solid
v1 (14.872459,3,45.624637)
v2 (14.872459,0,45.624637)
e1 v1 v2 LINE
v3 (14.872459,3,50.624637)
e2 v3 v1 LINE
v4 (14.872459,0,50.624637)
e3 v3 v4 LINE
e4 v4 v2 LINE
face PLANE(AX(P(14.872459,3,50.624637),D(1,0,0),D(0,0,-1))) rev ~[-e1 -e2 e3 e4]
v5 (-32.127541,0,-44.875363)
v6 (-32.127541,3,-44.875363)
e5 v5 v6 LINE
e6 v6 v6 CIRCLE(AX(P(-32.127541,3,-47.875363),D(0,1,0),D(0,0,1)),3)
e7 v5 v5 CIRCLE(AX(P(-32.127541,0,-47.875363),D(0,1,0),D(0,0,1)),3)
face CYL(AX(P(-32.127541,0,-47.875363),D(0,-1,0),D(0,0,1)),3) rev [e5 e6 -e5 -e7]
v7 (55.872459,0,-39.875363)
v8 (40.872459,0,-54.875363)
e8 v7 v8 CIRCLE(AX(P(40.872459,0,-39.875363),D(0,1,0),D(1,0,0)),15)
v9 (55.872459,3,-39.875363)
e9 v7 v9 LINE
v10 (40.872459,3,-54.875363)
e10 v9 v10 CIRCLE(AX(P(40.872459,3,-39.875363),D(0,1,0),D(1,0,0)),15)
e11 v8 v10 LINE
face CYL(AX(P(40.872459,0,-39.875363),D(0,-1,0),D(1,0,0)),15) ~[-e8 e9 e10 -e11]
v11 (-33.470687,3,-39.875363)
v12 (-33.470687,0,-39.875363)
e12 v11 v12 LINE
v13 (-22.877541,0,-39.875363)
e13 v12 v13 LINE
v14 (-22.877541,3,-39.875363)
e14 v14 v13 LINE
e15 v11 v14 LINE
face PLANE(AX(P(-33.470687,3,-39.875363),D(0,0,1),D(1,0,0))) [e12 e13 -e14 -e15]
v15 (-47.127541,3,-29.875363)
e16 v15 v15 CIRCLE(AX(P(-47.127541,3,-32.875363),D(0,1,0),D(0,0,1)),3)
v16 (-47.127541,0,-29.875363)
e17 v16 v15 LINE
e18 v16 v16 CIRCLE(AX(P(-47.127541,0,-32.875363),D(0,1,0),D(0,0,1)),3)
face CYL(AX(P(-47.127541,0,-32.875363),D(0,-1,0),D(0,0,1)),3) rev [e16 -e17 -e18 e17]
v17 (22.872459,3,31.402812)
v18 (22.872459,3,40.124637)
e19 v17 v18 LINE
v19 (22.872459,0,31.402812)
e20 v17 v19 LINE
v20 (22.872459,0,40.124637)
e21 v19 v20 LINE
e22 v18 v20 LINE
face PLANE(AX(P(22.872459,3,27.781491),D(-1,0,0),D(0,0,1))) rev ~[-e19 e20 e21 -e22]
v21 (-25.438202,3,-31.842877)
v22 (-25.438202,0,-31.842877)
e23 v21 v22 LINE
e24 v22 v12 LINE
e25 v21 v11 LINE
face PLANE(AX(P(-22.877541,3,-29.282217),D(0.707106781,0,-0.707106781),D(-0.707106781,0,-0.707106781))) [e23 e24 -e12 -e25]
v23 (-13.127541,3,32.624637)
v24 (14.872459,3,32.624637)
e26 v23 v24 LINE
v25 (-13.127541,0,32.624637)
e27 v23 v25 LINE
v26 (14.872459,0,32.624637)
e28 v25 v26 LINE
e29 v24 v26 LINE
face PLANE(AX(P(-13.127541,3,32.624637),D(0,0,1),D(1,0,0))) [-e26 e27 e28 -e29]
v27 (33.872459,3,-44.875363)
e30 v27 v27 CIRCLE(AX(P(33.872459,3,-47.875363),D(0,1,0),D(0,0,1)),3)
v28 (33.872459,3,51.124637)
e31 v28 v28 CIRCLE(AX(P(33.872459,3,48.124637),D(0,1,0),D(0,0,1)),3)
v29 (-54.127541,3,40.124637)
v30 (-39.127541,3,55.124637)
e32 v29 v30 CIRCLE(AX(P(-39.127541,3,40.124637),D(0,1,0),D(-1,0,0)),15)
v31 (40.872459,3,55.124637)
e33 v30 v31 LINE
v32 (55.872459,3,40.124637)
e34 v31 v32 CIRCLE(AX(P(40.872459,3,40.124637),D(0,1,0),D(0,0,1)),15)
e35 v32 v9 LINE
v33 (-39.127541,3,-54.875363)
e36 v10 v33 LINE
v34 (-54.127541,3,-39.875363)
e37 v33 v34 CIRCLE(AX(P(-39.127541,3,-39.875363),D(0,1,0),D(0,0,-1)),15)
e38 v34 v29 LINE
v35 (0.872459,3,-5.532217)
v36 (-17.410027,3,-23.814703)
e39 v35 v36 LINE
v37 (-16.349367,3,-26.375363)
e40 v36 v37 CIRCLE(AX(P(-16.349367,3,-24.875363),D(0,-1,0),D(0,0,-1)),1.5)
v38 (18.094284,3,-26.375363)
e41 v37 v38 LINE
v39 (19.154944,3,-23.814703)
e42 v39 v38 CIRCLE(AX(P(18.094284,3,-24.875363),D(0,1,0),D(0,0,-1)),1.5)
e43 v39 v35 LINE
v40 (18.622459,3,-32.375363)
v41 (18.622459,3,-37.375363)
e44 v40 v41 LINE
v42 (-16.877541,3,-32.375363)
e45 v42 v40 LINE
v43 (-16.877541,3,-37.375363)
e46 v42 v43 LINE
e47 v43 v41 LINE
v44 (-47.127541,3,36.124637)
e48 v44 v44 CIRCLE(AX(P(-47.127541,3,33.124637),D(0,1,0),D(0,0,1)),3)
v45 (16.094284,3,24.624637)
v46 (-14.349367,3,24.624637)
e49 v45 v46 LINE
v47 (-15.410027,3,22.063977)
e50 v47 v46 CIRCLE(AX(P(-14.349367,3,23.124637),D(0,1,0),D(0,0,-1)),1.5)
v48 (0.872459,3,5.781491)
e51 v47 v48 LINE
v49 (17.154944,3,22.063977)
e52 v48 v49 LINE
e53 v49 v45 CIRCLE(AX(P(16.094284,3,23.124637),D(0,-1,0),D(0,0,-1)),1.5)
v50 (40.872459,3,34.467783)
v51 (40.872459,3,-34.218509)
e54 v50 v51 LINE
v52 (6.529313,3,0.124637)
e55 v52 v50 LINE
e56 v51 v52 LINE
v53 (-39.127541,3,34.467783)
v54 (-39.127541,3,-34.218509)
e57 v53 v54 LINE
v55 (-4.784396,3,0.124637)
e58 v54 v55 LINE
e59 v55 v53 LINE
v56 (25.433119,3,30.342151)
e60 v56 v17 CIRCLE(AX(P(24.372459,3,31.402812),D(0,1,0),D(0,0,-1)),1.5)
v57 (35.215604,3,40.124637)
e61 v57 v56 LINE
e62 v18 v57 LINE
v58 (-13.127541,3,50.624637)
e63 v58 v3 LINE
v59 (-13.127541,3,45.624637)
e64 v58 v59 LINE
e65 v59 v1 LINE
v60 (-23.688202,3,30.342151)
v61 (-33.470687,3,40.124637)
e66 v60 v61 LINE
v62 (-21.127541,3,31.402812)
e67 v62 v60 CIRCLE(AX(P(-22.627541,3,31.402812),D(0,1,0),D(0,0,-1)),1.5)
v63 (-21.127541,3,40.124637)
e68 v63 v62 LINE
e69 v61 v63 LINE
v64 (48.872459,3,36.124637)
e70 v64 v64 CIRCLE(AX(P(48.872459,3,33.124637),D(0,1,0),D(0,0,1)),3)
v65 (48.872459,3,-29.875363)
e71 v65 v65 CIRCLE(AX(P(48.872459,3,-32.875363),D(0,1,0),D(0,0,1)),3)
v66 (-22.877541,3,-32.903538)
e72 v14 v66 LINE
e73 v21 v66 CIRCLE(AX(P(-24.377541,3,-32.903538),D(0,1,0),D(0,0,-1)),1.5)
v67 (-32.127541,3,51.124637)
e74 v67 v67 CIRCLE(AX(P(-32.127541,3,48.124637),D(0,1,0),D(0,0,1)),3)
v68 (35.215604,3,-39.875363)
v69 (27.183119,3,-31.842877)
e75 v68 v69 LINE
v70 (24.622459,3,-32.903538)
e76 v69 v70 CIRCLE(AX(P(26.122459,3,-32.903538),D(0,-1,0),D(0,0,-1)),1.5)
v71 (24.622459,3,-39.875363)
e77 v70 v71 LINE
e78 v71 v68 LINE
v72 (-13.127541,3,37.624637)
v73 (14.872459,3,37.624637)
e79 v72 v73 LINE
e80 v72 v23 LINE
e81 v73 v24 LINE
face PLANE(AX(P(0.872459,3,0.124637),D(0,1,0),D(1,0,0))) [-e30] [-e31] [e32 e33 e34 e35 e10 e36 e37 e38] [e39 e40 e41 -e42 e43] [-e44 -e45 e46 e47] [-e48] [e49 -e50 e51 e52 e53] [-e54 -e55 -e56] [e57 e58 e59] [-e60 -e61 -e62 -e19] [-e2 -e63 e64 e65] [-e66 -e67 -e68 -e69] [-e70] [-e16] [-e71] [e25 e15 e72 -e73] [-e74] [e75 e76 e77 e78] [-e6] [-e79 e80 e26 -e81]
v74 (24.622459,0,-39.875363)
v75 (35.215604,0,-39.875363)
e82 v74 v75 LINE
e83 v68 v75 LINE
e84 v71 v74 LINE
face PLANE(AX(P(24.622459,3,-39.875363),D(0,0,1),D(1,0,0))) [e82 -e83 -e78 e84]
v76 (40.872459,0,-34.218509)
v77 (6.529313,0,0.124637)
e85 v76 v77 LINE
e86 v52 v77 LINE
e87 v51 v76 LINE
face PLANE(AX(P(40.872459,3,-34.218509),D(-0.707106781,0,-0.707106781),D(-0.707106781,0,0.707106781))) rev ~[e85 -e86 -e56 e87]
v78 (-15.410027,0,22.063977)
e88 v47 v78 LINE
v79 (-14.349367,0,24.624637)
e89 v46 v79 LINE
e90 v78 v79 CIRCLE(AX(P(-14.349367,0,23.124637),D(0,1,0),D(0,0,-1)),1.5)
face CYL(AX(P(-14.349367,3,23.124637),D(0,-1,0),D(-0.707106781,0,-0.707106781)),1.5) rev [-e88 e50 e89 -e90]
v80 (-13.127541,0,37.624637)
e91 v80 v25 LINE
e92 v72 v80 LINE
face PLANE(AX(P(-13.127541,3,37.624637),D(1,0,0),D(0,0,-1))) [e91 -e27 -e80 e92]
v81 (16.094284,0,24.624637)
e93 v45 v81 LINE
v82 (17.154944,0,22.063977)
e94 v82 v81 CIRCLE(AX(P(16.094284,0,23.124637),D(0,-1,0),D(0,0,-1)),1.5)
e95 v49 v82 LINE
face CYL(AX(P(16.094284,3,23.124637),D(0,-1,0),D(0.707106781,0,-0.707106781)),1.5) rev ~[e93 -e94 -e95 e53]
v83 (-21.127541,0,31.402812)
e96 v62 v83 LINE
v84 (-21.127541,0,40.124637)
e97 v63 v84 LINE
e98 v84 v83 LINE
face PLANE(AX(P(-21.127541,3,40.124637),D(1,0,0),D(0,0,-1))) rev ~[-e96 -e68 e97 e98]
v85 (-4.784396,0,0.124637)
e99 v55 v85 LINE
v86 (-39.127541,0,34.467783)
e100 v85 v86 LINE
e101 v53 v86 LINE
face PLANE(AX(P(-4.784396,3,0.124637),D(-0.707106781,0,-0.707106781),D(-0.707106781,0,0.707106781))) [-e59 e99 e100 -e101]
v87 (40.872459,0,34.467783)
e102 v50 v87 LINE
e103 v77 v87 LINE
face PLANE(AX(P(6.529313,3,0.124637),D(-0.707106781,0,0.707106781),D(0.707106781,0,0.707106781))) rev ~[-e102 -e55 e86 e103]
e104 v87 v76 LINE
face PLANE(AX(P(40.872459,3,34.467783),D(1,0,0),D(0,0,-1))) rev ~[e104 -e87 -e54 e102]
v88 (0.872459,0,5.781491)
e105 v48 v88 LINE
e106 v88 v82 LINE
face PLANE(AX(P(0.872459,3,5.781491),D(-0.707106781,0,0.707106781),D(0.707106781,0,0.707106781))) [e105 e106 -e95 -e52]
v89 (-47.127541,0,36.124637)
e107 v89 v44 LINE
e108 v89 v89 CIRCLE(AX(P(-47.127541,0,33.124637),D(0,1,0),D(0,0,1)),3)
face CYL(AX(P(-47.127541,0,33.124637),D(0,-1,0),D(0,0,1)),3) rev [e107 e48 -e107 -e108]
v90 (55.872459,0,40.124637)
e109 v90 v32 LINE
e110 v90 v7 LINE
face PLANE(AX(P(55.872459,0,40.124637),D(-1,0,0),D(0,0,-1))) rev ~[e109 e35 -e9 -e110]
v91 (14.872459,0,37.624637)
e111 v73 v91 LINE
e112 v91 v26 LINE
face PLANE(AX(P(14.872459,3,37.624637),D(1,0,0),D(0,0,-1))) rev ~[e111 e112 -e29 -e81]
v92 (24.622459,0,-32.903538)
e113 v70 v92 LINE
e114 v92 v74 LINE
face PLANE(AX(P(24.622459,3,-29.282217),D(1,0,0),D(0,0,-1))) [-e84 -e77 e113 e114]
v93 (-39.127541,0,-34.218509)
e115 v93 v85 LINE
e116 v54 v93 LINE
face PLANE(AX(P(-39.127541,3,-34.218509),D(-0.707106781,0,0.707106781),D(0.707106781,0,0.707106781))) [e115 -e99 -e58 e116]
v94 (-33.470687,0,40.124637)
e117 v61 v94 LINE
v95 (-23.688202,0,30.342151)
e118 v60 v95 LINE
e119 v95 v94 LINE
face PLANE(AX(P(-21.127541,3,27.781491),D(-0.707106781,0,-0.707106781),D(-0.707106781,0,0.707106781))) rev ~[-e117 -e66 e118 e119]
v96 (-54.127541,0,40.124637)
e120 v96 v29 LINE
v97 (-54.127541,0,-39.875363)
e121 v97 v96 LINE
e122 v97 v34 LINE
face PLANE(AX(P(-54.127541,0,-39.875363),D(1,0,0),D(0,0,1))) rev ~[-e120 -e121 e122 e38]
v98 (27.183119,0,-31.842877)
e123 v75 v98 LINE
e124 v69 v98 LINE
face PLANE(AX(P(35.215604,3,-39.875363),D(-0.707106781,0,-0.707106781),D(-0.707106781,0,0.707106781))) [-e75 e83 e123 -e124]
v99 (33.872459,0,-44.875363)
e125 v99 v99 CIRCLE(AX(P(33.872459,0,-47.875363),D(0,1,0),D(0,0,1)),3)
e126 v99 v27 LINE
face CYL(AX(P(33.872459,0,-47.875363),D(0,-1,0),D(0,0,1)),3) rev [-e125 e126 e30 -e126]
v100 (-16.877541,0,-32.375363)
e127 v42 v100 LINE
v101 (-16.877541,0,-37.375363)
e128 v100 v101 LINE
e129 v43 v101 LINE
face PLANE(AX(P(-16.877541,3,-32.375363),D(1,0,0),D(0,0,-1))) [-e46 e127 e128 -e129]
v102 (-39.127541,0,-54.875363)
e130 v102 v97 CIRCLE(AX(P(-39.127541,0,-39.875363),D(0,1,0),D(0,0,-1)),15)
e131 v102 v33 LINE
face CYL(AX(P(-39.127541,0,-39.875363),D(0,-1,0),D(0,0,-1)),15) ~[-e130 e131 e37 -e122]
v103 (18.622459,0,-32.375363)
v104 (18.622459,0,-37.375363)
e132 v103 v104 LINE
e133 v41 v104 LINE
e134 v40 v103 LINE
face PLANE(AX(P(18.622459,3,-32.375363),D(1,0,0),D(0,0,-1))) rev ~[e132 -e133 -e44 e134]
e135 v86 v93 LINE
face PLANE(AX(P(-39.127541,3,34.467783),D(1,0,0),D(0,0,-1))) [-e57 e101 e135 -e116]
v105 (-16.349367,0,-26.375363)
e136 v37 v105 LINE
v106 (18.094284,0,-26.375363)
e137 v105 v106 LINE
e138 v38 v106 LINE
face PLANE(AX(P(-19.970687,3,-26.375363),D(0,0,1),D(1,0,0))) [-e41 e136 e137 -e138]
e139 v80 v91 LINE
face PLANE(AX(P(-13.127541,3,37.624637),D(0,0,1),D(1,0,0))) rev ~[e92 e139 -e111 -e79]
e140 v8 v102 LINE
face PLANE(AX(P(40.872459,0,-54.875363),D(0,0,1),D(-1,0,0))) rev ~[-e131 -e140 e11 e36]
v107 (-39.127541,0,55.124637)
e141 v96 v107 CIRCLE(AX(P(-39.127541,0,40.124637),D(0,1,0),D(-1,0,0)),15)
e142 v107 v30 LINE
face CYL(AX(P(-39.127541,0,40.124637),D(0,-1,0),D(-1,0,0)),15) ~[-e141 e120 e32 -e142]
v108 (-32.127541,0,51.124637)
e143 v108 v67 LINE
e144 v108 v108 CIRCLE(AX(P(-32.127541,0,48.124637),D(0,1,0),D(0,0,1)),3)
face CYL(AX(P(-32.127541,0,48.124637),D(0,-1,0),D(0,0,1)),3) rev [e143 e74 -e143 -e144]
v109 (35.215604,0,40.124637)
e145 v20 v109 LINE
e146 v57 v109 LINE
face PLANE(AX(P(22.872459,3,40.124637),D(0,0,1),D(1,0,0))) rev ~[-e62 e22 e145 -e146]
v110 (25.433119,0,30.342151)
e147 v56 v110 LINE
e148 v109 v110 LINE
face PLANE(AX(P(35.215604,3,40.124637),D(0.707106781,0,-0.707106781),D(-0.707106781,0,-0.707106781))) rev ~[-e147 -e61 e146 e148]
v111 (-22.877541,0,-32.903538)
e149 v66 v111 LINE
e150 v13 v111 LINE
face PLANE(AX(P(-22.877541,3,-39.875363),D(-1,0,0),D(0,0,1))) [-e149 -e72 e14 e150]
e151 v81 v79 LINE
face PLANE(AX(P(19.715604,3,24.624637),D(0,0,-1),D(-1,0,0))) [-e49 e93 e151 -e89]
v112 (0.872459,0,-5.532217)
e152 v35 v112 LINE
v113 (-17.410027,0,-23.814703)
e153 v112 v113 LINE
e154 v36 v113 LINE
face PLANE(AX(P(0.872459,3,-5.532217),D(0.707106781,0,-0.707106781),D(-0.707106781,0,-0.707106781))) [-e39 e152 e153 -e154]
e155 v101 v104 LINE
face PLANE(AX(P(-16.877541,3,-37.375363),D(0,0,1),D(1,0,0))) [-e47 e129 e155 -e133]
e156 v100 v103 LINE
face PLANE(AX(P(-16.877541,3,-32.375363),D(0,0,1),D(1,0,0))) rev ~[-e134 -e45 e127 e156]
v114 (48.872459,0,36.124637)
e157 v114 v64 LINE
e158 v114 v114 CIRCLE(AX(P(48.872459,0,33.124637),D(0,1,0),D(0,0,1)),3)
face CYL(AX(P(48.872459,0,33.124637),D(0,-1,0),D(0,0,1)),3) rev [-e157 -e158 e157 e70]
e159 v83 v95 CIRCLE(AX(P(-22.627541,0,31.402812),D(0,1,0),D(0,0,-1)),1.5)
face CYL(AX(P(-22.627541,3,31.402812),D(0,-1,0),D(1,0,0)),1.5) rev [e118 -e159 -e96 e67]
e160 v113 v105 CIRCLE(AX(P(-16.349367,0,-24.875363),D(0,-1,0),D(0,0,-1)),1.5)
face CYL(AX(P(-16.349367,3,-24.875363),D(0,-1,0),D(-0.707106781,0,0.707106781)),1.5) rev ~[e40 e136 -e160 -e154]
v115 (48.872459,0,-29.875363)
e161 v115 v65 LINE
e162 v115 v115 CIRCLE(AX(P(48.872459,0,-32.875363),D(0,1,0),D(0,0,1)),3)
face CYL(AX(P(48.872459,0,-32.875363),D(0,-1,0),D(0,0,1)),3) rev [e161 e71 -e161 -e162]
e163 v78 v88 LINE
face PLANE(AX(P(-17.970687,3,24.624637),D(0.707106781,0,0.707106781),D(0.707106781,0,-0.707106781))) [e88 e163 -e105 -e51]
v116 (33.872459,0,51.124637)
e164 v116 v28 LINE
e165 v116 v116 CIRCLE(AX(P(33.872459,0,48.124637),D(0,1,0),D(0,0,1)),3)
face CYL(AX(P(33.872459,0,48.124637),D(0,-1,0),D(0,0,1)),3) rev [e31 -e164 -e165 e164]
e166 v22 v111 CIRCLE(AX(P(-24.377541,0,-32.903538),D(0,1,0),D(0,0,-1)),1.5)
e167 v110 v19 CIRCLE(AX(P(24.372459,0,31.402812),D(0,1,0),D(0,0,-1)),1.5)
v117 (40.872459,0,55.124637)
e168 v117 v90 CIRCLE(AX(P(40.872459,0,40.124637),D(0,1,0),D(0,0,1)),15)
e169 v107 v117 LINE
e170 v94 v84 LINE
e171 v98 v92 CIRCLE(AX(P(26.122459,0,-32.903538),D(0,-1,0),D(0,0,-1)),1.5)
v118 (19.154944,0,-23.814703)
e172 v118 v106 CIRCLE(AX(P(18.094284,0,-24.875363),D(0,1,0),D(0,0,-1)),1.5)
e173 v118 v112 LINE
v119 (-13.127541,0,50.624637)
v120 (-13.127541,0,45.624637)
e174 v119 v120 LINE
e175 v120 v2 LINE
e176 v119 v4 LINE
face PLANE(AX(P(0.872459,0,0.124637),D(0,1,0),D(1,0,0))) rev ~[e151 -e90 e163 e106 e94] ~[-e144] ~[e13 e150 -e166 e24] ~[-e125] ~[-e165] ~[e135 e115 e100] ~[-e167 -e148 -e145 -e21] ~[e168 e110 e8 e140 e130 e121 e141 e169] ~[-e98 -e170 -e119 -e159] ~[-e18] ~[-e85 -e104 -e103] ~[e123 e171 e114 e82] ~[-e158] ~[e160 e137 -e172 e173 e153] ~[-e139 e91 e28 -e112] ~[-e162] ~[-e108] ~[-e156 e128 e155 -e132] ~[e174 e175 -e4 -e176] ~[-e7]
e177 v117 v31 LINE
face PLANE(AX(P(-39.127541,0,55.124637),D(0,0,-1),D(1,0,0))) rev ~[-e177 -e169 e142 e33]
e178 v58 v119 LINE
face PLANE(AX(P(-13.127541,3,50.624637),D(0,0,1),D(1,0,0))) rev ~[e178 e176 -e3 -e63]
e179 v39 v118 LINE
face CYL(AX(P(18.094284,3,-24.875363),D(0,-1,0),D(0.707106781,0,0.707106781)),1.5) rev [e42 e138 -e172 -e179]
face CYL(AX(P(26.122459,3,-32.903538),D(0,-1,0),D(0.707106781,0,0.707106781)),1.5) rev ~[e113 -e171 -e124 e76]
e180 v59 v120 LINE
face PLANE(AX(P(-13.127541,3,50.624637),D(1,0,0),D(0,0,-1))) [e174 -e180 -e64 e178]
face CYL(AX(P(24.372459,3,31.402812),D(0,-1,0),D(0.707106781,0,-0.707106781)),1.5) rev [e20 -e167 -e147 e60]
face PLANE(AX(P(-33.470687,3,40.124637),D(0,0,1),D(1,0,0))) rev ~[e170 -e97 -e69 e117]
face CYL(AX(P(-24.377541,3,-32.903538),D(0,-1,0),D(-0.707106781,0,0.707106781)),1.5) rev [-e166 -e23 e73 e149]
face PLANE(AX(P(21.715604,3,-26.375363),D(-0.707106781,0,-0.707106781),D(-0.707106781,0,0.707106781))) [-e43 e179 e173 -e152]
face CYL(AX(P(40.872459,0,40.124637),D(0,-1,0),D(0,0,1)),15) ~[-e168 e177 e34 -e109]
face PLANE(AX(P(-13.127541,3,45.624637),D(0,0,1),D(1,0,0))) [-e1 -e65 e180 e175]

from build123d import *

# Parameters (mm, degrees)
SKETCH1_R           = 3
BOSS_EXTRUDE1_DEPTH = 3
SKETCH2_W           = 28
SKETCH2_H           = 5
SKETCH2_W_2         = 35.5
CUT_EXTRUDE1_DEPTH  = 79.545892535
CUT_EXTRUDE2_DEPTH  = 79.545892535
FILLET1_R           = 1.5
SKETCH4_W           = 28
SKETCH4_H           = 5
CUT_EXTRUDE3_DEPTH  = 79.545892535


with BuildPart() as part:
    # Sketch1 → Boss-Extrude1 (new body)
    with BuildSketch(Plane(origin=(0, 0, 0), x_dir=(1, 0, 0), z_dir=(0, 1, 0))):
        with BuildLine():
            Line((55.872458647, -40.12463695), (55.872458647, 39.87536305))
            ThreePointArc((55.872458647, 39.87536305), (51.479060365, 50.481964768), (40.872458647, 54.87536305))
            Line((40.872458647, 54.87536305), (-39.127541353, 54.87536305))
            ThreePointArc((-39.127541353, 54.87536305), (-49.734143071, 50.481964768), (-54.127541353, 39.87536305))
            Line((-54.127541353, 39.87536305), (-54.127541353, -40.12463695))
            ThreePointArc((-54.127541353, -40.12463695), (-49.734143071, -50.731238667), (-39.127541353, -55.12463695))
            Line((-39.127541353, -55.12463695), (40.872458647, -55.12463695))
            ThreePointArc((40.872458647, -55.12463695), (51.479060365, -50.731238667), (55.872458647, -40.12463695))
        make_face()
        with Locations(Location((48.872458647, 32.87536305, 0), (0, 0, 270))):
            Circle(SKETCH1_R, mode=Mode.SUBTRACT)
        with Locations(Location((-47.127541353, -33.12463695, 0), (0, 0, 270))):
            Circle(SKETCH1_R, mode=Mode.SUBTRACT)
        with Locations(Location((-32.127541353, -48.12463695, 0), (0, 0, 270))):
            Circle(SKETCH1_R, mode=Mode.SUBTRACT)
        with Locations(Location((33.872458647, -48.12463695, 0), (0, 0, 270))):
            Circle(SKETCH1_R, mode=Mode.SUBTRACT)
        with Locations(Location((48.872458647, -33.12463695, 0), (0, 0, 270))):
            Circle(SKETCH1_R, mode=Mode.SUBTRACT)
        with Locations(Location((33.872458647, 47.87536305, 0), (0, 0, 270))):
            Circle(SKETCH1_R, mode=Mode.SUBTRACT)
        with Locations(Location((-32.127541353, 47.87536305, 0), (0, 0, 270))):
            Circle(SKETCH1_R, mode=Mode.SUBTRACT)
        with Locations(Location((-47.127541353, 32.87536305, 0), (0, 0, 270))):
            Circle(SKETCH1_R, mode=Mode.SUBTRACT)
    extrude(amount=BOSS_EXTRUDE1_DEPTH)

    # Sketch2 → Cut-Extrude1 (cut, through all)
    with BuildSketch(Plane(origin=(0, 3, 0), x_dir=(1, 0, 0), z_dir=(0, 1, 0))):
        with Locations((0.872458647, -35.12463695)):
            Rectangle(SKETCH2_W, SKETCH2_H)
        with Locations((0.872458647, 34.87536305)):
            Rectangle(SKETCH2_W_2, SKETCH2_H)
    extrude(amount=-CUT_EXTRUDE1_DEPTH, mode=Mode.SUBTRACT)

    # Sketch3 → Cut-Extrude2 (cut, through all)
    with BuildSketch(Plane(origin=(0, 3, 0), x_dir=(1, 0, 0), z_dir=(0, 1, 0))):
        Polygon((-39.127541353, 34.218508801), (-4.784395603, -0.12463695), (-39.127541353, -34.4677827), align=None)
        Polygon((-33.470687104, -40.12463695), (-21.127541353, -40.12463695), (-21.127541353, -27.781491199), align=None)
        Polygon((-33.470687104, 39.87536305), (-22.877541353, 39.87536305), (-22.877541353, 29.2822173), align=None)
        Polygon((40.872458647, -34.4677827), (40.872458647, 34.218508801), (6.529312896, -0.12463695), align=None)
        Polygon((24.622458647, 29.2822173), (24.622458647, 39.87536305), (35.215604397, 39.87536305), align=None)
        Polygon((-19.970687104, 26.37536305), (21.715604397, 26.37536305), (0.872458647, 5.5322173), align=None)
        Polygon((22.872458647, -40.12463695), (35.215604397, -40.12463695), (22.872458647, -27.781491199), align=None)
        Polygon((19.715604397, -24.62463695), (-17.970687104, -24.62463695), (0.872458647, -5.781491199), align=None)
    extrude(amount=-CUT_EXTRUDE2_DEPTH, mode=Mode.SUBTRACT)

    # Fillet1
    fillet1_edges = [part.edges().sort_by_distance(p)[0] for p in [
        (22.872458647, 1.5, 27.781491199),
        (-21.127541353, 1.5, 27.781491199),
        (24.622458647, 1.5, -29.2822173),
        (-19.970687104, 1.5, -26.37536305),
        (21.715604397, 1.5, -26.37536305),
        (19.715604397, 1.5, 24.62463695),
        (-17.970687104, 1.5, 24.62463695),
        (-22.877541353, 1.5, -29.2822173),
    ]]
    fillet(fillet1_edges, radius=FILLET1_R)

    # Sketch4 → Cut-Extrude3 (cut, through all)
    with BuildSketch(Plane(origin=(0, 3, 0), x_dir=(1, 0, 0), z_dir=(0, 1, 0))):
        with Locations((0.872458647, -48.12463695)):
            Rectangle(SKETCH4_W, SKETCH4_H)
    extrude(amount=-CUT_EXTRUDE3_DEPTH, mode=Mode.SUBTRACT)


solid = part.part
